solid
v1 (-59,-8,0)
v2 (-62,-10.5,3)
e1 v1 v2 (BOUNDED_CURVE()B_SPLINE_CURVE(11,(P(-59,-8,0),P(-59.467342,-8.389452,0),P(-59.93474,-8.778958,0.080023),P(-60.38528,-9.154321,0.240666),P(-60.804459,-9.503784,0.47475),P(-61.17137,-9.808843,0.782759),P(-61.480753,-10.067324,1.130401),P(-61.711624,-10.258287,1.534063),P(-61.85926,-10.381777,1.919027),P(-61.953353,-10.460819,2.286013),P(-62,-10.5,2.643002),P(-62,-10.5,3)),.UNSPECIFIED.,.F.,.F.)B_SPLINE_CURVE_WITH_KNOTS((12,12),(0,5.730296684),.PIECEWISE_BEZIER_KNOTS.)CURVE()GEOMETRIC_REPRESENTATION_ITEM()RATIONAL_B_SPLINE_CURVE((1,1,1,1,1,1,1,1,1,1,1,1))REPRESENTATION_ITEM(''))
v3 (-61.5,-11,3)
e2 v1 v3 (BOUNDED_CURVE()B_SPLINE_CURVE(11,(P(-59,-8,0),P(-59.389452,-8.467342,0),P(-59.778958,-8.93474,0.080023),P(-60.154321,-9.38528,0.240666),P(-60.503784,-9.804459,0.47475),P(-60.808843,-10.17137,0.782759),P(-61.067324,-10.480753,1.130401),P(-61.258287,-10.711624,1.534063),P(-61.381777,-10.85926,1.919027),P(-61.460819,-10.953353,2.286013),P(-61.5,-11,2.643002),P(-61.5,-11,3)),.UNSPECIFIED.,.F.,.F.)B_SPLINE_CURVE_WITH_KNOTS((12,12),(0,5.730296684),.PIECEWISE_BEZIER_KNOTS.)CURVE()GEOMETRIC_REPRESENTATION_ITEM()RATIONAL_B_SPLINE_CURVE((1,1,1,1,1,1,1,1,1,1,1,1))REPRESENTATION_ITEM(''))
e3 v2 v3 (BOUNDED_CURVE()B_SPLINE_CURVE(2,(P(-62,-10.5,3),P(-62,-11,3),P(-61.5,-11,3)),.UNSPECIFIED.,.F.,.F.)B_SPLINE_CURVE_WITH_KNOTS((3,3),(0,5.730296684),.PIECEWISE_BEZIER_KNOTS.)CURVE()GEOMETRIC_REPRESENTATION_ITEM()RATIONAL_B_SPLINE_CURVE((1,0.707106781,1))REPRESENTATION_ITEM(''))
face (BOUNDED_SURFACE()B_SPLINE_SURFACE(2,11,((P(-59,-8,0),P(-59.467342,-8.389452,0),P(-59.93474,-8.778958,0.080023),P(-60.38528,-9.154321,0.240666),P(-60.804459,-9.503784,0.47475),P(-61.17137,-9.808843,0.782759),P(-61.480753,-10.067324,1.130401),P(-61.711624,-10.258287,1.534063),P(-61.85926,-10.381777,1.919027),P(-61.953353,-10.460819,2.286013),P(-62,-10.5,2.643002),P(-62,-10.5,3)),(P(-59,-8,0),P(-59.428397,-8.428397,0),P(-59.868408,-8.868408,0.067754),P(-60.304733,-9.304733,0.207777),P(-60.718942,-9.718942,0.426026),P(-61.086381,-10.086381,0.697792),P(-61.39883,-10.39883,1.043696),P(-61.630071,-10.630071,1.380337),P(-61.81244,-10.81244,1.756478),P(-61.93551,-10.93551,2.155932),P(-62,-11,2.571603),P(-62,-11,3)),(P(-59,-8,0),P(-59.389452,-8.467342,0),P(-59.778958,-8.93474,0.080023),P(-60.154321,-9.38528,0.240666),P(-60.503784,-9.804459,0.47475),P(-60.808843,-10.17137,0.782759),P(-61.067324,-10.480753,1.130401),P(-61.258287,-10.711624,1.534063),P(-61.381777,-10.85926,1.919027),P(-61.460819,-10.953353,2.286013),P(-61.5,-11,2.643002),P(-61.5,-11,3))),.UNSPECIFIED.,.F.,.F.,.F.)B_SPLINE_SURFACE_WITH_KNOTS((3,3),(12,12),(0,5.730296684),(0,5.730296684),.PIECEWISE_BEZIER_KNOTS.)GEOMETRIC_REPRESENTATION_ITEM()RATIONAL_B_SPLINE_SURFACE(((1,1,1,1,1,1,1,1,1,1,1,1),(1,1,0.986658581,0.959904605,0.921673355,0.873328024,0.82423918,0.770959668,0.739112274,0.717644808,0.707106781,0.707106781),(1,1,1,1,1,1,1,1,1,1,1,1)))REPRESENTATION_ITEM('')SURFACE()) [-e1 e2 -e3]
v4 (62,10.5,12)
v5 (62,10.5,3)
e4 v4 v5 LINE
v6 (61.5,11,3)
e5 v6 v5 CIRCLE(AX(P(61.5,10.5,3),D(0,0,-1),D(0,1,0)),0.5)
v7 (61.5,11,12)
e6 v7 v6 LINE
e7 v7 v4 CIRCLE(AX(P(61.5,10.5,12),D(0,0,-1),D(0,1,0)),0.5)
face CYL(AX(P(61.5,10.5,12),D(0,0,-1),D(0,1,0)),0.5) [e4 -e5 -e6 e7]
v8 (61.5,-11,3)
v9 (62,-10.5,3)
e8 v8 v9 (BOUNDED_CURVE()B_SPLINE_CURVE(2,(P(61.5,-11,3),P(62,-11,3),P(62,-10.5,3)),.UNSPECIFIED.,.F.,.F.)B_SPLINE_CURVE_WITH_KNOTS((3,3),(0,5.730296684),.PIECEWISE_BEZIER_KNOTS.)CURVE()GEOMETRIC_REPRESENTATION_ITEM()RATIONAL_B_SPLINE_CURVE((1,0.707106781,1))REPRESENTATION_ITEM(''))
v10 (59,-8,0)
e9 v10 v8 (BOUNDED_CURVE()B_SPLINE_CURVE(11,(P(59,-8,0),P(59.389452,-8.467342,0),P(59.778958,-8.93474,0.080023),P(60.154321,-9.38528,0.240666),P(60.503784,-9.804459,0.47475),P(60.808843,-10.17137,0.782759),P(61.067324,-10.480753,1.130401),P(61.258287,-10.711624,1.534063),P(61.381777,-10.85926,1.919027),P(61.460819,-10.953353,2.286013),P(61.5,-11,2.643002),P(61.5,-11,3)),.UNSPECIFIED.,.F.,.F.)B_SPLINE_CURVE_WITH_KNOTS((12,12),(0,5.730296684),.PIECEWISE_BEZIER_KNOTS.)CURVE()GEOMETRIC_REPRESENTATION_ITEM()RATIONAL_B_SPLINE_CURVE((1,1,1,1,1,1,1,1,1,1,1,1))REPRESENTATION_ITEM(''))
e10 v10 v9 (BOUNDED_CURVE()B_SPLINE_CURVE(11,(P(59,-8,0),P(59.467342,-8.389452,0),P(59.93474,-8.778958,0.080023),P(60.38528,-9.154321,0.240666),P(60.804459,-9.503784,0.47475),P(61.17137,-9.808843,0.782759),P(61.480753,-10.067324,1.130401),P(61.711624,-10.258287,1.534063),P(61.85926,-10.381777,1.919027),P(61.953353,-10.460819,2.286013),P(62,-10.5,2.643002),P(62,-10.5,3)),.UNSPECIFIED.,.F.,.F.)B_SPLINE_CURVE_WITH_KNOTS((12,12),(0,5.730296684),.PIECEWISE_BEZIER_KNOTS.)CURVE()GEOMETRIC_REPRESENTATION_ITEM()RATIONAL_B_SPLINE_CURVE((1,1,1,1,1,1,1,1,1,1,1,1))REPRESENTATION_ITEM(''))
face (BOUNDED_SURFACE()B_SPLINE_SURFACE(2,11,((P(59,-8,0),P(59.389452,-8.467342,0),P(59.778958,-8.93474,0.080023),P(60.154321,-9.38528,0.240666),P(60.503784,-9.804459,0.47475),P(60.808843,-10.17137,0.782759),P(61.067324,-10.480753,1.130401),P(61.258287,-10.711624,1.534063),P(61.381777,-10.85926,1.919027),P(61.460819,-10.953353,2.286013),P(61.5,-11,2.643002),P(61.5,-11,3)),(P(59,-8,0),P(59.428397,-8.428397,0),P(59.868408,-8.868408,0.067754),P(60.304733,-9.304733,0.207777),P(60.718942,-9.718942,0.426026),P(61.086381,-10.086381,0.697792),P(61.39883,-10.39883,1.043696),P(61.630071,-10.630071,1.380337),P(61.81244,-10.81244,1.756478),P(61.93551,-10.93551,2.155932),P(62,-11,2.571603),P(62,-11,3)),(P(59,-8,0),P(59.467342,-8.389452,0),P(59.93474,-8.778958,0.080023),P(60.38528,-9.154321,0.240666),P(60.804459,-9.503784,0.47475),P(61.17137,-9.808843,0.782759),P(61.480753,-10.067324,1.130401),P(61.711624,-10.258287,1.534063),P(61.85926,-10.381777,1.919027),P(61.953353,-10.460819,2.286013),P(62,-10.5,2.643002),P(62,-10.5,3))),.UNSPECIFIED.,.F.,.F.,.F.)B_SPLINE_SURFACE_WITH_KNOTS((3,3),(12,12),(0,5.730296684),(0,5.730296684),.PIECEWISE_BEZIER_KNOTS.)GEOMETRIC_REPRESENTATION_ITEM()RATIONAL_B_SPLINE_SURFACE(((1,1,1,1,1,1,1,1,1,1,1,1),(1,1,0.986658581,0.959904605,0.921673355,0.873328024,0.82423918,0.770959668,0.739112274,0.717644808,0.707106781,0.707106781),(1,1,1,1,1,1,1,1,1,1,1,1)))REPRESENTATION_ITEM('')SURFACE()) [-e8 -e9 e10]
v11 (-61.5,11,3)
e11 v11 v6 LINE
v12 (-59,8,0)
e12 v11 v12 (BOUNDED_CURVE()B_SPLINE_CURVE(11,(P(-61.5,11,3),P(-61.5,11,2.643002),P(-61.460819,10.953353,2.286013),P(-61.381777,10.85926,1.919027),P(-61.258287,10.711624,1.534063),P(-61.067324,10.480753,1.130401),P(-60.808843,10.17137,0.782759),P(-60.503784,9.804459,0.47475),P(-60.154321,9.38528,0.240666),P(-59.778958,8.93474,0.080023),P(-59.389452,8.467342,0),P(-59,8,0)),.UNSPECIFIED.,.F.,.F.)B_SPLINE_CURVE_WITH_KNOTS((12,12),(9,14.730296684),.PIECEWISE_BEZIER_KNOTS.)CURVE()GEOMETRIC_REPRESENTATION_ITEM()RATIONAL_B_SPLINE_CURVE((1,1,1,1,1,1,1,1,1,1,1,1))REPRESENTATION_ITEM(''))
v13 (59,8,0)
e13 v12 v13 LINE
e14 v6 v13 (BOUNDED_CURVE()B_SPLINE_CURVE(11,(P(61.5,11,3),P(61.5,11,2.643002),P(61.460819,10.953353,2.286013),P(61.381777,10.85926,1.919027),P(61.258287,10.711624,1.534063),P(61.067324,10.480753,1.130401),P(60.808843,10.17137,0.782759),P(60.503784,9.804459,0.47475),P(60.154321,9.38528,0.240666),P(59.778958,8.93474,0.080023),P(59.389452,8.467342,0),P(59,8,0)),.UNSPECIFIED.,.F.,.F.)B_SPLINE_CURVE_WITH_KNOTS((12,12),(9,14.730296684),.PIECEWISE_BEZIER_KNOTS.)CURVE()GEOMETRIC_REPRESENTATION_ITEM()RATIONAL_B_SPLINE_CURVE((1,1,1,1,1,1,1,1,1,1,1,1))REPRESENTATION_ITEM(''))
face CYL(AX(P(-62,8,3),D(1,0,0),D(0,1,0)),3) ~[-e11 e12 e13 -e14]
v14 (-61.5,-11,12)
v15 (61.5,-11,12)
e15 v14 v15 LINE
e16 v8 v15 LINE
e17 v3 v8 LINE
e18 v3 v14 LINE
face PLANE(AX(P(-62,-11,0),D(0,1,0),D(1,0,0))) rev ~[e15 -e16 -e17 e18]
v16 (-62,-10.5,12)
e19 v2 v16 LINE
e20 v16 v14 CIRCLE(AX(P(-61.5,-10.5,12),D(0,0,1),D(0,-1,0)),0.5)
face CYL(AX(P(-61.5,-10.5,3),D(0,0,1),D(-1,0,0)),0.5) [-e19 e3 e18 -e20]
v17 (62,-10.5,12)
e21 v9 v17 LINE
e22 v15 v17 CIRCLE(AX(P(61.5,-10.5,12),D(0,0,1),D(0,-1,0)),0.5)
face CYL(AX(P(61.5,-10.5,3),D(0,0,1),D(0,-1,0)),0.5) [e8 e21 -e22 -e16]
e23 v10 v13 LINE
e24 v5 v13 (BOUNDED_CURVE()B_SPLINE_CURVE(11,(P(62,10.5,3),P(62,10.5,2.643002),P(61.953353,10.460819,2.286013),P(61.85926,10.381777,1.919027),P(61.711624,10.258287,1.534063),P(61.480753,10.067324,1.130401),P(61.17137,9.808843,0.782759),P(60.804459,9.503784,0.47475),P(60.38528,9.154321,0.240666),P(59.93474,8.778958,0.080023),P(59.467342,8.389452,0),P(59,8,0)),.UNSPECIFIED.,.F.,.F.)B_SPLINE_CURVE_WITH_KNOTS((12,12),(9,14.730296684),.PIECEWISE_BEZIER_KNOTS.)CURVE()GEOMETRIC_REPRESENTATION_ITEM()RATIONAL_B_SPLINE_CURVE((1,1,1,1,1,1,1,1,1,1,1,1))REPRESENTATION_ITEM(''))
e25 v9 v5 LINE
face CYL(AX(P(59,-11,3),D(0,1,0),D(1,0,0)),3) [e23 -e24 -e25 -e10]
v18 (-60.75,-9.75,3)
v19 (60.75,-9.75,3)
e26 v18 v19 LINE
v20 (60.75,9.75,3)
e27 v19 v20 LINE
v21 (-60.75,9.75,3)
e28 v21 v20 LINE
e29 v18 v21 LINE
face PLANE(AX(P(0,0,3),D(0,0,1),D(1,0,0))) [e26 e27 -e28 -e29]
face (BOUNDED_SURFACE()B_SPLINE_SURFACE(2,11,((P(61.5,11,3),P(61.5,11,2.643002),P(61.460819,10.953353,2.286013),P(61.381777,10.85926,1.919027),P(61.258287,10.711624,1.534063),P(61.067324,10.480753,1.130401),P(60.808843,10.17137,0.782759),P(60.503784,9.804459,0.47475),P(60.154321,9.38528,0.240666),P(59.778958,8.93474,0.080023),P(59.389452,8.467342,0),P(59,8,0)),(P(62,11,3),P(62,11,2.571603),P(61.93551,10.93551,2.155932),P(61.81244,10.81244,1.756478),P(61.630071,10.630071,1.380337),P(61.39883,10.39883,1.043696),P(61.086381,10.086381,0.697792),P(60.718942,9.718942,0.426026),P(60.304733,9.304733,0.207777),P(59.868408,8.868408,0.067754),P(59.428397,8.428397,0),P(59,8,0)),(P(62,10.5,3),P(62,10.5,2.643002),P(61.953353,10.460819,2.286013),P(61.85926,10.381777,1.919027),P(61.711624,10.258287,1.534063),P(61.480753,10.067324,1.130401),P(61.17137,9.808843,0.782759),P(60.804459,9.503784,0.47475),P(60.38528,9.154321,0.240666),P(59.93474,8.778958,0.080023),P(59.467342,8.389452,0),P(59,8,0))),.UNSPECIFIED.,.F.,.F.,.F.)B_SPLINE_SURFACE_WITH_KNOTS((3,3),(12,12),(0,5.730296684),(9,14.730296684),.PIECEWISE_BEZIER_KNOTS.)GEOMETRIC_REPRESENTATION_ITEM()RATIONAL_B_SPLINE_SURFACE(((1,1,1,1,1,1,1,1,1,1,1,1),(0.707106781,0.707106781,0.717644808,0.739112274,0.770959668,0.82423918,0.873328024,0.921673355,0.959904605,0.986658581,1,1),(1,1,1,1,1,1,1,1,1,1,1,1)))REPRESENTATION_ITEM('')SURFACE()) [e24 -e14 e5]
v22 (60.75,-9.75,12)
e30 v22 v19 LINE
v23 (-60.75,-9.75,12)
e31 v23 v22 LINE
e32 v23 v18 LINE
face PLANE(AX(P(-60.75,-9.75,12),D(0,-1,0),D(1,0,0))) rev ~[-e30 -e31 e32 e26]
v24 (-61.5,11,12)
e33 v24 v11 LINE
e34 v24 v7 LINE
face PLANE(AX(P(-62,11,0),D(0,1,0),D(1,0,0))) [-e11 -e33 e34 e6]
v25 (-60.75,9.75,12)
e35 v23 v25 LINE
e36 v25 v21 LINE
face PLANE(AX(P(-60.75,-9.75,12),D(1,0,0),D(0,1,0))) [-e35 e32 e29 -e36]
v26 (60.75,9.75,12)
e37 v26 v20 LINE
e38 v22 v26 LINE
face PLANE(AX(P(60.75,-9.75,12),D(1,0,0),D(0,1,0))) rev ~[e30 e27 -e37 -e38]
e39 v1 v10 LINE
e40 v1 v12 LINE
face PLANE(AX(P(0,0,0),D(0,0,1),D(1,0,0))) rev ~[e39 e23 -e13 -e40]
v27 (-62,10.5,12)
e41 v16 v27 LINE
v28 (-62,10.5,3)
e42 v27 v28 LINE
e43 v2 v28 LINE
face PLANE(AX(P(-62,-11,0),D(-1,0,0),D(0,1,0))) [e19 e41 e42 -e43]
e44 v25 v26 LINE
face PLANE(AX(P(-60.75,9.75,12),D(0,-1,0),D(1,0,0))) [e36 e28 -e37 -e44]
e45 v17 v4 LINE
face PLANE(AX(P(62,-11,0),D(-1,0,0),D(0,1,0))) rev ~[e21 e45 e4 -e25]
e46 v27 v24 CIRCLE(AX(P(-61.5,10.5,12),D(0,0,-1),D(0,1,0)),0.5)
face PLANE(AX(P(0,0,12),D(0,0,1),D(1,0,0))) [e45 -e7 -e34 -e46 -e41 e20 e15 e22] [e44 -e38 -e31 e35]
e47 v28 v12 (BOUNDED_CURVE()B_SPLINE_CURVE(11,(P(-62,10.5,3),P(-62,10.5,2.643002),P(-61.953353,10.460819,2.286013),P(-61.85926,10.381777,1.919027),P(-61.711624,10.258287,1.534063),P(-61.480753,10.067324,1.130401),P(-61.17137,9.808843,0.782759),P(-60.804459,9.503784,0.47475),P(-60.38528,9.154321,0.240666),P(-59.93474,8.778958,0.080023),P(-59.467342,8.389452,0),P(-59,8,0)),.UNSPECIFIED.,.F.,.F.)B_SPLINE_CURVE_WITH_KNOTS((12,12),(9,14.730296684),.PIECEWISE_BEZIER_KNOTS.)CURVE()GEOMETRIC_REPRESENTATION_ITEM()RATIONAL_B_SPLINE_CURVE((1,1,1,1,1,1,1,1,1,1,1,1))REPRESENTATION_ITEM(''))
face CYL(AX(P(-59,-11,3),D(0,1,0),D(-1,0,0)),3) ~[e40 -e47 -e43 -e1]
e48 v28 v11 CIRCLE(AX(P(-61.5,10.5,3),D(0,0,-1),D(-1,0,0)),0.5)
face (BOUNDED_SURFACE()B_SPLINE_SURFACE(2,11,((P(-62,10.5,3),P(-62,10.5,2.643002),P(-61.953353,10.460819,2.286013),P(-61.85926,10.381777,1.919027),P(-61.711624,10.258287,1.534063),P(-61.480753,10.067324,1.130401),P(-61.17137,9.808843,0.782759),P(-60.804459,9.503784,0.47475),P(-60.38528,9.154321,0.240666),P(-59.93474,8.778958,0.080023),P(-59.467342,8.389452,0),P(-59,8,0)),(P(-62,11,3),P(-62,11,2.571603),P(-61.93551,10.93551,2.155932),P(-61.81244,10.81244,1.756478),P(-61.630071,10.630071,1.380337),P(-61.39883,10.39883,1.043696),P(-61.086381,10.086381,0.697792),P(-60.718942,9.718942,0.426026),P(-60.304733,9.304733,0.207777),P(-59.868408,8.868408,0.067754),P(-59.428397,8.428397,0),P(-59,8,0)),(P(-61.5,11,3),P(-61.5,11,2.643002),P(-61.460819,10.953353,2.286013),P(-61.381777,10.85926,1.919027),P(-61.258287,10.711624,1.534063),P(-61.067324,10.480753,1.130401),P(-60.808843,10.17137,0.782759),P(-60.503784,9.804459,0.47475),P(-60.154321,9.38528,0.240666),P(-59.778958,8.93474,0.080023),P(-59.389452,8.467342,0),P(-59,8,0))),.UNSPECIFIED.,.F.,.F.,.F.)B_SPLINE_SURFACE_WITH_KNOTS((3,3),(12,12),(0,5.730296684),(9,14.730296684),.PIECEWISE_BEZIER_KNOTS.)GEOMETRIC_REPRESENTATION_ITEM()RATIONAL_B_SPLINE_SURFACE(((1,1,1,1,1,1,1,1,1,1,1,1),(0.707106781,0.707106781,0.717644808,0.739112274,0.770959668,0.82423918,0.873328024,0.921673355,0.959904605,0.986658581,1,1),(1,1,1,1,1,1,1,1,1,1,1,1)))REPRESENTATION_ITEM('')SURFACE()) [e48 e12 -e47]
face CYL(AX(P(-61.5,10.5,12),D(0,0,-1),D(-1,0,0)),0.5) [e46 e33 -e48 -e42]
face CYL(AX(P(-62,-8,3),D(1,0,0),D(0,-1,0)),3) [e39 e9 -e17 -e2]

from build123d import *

# Parameters (mm, degrees)
F0_W     = 124
F0_H     = 22
F1_DEPTH = 12
F2_DEPTH = 11
F3_R     = 3
F4_W     = 121.5
F4_H     = 19.5
F5_DEPTH = 9
F6_R     = 0.5


with BuildPart() as f1:
    # F0 (on Top) → F1 (new body)
    with BuildSketch(Plane.XY):
        Rectangle(F0_W, F0_H)
    extrude(amount=F1_DEPTH)

    # F0 (on Top) → F2 (join)
    with BuildSketch(Plane.XY):
        Rectangle(F0_W, F0_H)
    extrude(amount=F2_DEPTH)

    # F3
    f3_edges = [f1.edges().sort_by_distance(p)[0] for p in [
        (0, -11, 0),
        (-62, 0, 0),
        (0, 11, 0),
        (62, 0, 0),
    ]]
    fillet(f3_edges, radius=F3_R)

    # F4 (on face) → F5 (cut)
    with BuildSketch(Plane.XY.offset(12)):
        Rectangle(F4_W, F4_H)
    extrude(amount=-F5_DEPTH, mode=Mode.SUBTRACT)

    # F6
    f6_edges = [f1.edges().sort_by_distance(p)[0] for p in [
        (-62, 11, 7.5),
        (-62, -11, 7.5),
        (62, 11, 7.5),
        (62, -11, 7.5),
    ]]
    fillet(f6_edges, radius=F6_R)


solid = f1.part
